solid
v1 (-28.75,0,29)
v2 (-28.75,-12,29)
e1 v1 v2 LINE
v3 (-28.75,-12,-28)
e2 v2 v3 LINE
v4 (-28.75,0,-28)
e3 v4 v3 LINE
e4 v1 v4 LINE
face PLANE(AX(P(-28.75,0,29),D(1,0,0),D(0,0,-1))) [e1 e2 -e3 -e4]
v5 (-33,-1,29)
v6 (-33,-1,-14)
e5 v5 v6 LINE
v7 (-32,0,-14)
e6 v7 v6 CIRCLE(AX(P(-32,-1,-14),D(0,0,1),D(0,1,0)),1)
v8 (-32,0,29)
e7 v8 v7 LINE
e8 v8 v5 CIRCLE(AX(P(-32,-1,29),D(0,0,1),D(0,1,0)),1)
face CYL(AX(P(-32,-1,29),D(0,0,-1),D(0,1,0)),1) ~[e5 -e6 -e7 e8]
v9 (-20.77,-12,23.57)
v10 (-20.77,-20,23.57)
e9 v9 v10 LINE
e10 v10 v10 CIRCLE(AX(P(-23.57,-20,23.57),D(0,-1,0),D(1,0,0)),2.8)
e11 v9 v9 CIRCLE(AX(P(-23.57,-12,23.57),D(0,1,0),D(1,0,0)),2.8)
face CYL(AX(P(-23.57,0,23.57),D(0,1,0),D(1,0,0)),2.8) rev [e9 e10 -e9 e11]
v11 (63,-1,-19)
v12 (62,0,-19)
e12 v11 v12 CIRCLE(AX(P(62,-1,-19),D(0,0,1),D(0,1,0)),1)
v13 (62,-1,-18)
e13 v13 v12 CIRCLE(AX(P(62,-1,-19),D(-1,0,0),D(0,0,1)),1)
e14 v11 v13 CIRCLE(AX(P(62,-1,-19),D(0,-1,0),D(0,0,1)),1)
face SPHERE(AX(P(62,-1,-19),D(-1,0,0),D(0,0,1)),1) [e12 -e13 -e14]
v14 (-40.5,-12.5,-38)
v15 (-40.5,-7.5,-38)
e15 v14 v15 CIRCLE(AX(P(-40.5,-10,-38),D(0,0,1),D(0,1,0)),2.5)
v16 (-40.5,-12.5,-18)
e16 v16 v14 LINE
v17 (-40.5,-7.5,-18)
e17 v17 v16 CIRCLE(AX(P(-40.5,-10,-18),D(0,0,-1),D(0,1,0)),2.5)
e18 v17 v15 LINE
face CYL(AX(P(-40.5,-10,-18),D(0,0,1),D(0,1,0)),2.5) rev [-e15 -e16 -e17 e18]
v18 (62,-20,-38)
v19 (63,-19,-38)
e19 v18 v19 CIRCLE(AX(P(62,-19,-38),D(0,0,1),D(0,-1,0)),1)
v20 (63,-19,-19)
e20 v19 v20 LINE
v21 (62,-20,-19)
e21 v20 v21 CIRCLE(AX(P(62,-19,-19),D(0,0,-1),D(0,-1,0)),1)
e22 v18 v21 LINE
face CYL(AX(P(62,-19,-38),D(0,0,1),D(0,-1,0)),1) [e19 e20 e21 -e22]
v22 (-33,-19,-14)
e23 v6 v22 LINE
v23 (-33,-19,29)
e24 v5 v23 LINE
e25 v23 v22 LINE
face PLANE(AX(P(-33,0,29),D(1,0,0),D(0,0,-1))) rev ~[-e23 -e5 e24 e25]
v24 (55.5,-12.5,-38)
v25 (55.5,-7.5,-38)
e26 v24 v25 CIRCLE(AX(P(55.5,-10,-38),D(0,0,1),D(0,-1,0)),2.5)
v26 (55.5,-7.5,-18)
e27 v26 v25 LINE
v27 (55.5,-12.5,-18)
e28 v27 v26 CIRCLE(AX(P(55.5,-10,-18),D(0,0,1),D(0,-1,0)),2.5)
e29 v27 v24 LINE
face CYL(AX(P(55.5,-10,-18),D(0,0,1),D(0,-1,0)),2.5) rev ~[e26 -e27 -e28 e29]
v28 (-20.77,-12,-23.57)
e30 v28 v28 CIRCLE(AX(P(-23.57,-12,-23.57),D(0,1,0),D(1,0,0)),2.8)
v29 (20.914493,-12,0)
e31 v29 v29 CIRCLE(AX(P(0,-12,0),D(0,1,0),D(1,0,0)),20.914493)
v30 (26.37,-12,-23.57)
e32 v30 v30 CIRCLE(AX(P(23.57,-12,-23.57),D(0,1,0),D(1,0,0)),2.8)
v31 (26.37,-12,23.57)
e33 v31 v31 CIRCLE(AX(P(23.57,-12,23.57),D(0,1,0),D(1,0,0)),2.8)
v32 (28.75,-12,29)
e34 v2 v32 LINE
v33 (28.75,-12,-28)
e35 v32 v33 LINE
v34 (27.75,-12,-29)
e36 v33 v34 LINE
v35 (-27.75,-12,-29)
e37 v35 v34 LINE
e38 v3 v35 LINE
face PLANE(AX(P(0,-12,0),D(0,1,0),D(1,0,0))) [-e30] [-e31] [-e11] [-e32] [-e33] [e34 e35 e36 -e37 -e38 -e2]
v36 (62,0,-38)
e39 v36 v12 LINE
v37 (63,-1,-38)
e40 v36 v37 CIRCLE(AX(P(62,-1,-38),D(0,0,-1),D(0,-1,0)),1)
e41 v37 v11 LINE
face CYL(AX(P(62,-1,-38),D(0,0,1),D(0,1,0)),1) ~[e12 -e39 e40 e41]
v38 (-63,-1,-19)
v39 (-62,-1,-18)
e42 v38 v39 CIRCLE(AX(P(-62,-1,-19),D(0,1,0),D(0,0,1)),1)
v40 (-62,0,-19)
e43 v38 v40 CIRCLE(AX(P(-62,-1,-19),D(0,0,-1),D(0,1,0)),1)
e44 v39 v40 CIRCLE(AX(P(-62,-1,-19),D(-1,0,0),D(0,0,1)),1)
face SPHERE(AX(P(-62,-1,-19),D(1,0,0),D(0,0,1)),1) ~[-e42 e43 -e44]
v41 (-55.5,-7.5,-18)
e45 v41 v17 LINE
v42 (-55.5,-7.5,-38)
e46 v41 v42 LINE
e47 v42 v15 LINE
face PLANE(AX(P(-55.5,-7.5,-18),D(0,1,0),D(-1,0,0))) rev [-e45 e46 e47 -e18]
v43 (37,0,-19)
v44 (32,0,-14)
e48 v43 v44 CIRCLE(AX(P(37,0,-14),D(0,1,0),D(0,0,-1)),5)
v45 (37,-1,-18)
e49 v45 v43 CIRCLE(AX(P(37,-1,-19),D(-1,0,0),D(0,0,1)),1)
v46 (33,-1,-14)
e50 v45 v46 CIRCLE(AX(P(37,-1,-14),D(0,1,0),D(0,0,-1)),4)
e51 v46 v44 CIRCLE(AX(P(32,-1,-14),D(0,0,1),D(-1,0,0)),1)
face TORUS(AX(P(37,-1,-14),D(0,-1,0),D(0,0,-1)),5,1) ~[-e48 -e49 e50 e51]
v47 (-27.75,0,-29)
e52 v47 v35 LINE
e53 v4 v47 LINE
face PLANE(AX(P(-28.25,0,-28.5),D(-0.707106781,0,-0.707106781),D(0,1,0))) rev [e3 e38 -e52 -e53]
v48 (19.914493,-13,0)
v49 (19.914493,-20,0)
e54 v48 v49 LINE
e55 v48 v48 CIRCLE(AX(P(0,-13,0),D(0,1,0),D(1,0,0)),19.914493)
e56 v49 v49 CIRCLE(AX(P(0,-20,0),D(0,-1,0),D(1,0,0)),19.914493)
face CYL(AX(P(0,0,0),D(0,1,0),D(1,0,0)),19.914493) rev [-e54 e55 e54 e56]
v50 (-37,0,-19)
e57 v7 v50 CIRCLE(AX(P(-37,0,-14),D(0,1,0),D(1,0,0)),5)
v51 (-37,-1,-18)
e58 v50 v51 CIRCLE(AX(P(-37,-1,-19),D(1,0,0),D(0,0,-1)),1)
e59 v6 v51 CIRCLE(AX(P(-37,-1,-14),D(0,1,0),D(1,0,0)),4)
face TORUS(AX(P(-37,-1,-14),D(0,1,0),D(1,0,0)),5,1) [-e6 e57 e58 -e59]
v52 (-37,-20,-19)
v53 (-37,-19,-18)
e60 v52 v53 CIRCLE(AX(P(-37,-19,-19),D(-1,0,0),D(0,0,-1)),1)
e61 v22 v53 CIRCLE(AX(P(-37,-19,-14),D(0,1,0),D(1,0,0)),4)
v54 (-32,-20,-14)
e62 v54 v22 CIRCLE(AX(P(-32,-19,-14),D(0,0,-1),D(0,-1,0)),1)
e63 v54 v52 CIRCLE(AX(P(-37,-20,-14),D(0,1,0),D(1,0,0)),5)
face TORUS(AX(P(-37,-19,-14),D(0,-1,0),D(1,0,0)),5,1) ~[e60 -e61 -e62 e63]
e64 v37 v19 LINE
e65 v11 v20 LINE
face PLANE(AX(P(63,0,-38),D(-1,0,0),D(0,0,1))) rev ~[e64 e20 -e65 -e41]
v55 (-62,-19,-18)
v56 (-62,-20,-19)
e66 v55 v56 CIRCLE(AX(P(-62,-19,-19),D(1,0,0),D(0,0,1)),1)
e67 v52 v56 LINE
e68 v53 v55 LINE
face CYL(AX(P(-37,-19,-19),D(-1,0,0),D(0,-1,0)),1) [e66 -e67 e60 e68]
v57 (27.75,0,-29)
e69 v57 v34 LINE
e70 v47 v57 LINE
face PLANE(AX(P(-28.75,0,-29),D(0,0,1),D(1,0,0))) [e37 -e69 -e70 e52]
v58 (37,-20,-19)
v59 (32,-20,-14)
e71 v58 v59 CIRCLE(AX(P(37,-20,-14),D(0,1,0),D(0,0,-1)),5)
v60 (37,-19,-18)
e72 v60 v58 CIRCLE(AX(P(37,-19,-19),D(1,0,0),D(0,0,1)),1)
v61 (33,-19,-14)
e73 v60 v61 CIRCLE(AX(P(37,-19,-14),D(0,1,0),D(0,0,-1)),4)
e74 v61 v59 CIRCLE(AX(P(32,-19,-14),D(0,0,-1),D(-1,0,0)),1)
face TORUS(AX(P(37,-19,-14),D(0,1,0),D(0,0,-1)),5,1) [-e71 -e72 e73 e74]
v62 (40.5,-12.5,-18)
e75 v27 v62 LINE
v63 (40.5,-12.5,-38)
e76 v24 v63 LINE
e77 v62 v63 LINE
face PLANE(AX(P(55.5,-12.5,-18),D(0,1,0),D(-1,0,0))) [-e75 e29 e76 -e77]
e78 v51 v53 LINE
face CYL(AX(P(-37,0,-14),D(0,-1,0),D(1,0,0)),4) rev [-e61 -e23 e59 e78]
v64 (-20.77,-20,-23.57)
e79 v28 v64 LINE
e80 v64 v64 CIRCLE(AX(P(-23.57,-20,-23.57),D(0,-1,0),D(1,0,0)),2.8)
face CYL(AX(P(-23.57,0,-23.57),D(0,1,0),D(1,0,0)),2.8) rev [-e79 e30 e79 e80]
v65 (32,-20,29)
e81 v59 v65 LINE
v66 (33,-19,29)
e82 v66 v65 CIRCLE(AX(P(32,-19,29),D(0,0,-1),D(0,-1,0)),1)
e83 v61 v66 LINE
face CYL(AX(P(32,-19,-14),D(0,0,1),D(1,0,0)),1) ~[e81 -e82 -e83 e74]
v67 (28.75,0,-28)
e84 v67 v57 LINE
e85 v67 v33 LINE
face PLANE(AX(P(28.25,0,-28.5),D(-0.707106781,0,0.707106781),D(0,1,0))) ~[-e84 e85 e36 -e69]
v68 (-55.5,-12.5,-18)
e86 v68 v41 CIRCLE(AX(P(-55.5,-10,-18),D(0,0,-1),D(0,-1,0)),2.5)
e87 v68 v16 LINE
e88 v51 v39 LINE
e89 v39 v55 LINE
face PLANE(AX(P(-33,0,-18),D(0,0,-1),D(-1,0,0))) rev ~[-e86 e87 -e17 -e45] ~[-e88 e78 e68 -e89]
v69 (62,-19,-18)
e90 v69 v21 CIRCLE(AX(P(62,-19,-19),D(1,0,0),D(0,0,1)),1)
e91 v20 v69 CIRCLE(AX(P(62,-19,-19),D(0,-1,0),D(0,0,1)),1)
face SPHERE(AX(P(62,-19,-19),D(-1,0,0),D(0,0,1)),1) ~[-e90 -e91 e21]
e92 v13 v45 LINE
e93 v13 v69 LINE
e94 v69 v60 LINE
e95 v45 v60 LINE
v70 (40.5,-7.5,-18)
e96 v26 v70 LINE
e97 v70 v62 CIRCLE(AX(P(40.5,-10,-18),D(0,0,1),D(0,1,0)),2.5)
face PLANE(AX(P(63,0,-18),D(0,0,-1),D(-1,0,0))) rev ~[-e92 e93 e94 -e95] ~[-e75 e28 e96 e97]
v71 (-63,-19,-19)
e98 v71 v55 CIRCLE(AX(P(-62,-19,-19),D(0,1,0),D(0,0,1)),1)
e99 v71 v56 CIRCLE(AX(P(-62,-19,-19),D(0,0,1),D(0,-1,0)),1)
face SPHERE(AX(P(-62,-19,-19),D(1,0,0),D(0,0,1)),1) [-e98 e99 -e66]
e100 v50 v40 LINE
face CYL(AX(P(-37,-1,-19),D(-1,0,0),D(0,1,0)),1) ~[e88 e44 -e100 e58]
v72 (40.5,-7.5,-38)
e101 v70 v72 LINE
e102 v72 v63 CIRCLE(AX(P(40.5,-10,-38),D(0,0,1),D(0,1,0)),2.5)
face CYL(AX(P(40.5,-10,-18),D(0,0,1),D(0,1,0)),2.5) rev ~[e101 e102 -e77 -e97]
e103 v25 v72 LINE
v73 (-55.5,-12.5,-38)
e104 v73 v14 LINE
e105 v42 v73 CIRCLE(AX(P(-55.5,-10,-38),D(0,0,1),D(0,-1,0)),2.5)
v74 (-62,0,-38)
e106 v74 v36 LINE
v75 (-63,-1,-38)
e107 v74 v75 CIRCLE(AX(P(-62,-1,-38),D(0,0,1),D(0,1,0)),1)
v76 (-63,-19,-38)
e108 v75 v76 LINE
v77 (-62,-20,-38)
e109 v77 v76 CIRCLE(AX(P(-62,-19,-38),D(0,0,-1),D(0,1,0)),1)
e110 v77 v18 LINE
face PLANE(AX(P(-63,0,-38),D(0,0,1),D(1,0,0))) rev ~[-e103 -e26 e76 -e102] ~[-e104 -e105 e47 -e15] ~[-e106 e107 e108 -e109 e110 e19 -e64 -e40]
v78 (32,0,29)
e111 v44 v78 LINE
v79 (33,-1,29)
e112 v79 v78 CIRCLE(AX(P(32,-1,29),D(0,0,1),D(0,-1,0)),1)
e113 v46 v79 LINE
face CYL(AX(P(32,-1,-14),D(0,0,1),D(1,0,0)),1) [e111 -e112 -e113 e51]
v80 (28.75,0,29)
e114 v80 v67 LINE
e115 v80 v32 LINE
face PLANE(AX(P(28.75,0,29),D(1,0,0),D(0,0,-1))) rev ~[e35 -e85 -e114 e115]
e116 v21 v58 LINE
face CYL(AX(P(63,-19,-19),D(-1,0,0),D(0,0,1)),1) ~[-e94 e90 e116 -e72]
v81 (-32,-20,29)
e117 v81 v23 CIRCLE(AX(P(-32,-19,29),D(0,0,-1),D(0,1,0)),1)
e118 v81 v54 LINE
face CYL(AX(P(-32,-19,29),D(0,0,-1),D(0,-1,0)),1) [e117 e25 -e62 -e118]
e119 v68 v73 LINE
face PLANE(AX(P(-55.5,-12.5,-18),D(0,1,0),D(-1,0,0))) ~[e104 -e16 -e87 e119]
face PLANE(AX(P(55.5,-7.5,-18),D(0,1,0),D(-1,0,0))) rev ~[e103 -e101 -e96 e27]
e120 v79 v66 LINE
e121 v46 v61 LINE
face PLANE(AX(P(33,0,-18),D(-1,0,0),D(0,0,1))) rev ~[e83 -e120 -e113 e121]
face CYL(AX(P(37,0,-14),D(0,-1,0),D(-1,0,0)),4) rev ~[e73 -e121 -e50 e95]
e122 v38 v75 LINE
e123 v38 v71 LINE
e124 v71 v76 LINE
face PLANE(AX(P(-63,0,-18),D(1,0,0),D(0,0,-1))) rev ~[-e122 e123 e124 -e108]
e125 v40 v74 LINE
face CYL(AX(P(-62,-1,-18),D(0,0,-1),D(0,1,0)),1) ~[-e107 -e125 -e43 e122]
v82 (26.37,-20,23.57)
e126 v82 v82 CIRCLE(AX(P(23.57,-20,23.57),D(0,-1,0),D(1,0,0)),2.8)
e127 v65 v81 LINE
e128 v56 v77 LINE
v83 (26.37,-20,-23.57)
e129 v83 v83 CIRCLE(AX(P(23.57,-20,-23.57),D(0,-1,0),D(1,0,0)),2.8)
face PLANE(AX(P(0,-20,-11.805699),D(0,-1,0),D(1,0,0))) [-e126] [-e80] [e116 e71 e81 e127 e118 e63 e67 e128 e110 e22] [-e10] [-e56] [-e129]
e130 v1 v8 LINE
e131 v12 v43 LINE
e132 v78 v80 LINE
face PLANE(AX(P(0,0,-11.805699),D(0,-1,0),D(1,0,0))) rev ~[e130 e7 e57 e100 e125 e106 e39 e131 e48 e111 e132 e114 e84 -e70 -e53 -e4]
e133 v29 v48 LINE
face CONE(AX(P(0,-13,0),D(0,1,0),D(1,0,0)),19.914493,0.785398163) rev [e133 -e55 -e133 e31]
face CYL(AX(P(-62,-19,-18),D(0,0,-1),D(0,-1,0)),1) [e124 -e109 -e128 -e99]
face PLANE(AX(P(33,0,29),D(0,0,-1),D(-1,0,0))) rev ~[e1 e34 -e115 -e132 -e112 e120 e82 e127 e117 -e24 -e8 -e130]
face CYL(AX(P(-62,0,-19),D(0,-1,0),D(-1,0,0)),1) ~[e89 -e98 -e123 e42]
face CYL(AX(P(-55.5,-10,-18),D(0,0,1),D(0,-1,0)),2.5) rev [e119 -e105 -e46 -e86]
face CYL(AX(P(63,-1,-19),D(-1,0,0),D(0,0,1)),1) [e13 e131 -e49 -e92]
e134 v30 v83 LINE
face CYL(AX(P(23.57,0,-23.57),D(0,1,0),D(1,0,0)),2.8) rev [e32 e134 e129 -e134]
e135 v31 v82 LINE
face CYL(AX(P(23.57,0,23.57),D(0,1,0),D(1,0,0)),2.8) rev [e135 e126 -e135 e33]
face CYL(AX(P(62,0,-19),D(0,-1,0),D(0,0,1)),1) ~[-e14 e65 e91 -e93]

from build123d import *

# Parameters (mm, degrees)
SKETCH_R        = 2.8
SKETCH_R_2      = 19.914493
PAD_DEPTH       = 20
SKETCH001_W     = 57.5
SKETCH001_H     = 58
POCKET_DEPTH    = 12
POCKET001_DEPTH = 308.202319
FILLET_R        = 4
FILLET001_R     = 1
CHAMFER_SIZE    = 1
CHAMFER001_SIZE = 1


with BuildPart() as part:
    # Sketch → Pad (new body)
    with BuildSketch(Plane.XZ):
        Polygon((33, -18), (33, 29), (-33, 29), (-33, -18), (-63, -18), (-63, -38), (63, -38), (63, -18), align=None)
        with Locations((-23.57, -23.57)):
            Circle(SKETCH_R, mode=Mode.SUBTRACT)
        with Locations((23.57, -23.57)):
            Circle(SKETCH_R, mode=Mode.SUBTRACT)
        with Locations((-23.57, 23.57)):
            Circle(SKETCH_R, mode=Mode.SUBTRACT)
        Circle(SKETCH_R_2, mode=Mode.SUBTRACT)
        with Locations((23.57, 23.57)):
            Circle(SKETCH_R, mode=Mode.SUBTRACT)
    extrude(amount=PAD_DEPTH)

    # Sketch001 (on Face14 of Pad) → Pocket (cut)
    with BuildSketch(Plane(origin=(0, 0, 0), x_dir=(1, 0, 0), z_dir=(0, 1, 0))):
        Rectangle(SKETCH001_W, SKETCH001_H)
    extrude(amount=-POCKET_DEPTH, mode=Mode.SUBTRACT)

    # Sketch002 (on Face2 of Pocket) → Pocket001 (cut, through all)
    with BuildSketch(Plane(origin=(0, 0, -18), x_dir=(-1, 0, 0), z_dir=(0, 0, 1))):
        with BuildLine():
            ThreePointArc((-55.5, 12.5), (-58, 10), (-55.5, 7.5))
            Line((-55.5, 7.5), (-40.5, 7.5))
            ThreePointArc((-40.5, 7.5), (-38, 10), (-40.5, 12.5))
            Line((-55.5, 12.5), (-40.5, 12.5))
        make_face()
    pocket001 = extrude(amount=-POCKET001_DEPTH, mode=Mode.SUBTRACT)

    # Mirrored: Pocket001 across Sketch002 V_Axis
    add(pocket001.mirror(Plane(origin=(0, 0, -18), x_dir=(0, 0, 1), z_dir=(-1, 0, 0))), mode=Mode.SUBTRACT)

    # Fillet
    fillet_edges = [part.edges().sort_by_distance(p)[0] for p in [
        (33, -10, -18),
        (-33, -10, -18),
    ]]
    fillet(fillet_edges, radius=FILLET_R)

    # Fillet001
    fillet001_edges = [part.edges().sort_by_distance(p)[0] for p in [
        (33, 0, 7.5),
        (-33, 0, 7.5),
        (33, -20, 7.5),
        (-33, -20, 7.5),
        (63, -10, -18),
        (-63, -10, -18),
        (-63, 0, -28),
        (-63, -20, -28),
        (63, 0, -28),
        (63, -20, -28),
    ]]
    fillet(fillet001_edges, radius=FILLET001_R)

    # Chamfer
    chamfer_edges = [part.edges().sort_by_distance(p)[0] for p in [
        (28.75, -6, -29),
        (-28.75, -6, -29),
    ]]
    chamfer(chamfer_edges, length=CHAMFER_SIZE)

    # Chamfer001
    chamfer001_edges = [part.edges().sort_by_distance(p)[0] for p in [
        (-19.914493, -12, 0),
    ]]
    chamfer(chamfer001_edges, length=CHAMFER001_SIZE)


solid = part.part
